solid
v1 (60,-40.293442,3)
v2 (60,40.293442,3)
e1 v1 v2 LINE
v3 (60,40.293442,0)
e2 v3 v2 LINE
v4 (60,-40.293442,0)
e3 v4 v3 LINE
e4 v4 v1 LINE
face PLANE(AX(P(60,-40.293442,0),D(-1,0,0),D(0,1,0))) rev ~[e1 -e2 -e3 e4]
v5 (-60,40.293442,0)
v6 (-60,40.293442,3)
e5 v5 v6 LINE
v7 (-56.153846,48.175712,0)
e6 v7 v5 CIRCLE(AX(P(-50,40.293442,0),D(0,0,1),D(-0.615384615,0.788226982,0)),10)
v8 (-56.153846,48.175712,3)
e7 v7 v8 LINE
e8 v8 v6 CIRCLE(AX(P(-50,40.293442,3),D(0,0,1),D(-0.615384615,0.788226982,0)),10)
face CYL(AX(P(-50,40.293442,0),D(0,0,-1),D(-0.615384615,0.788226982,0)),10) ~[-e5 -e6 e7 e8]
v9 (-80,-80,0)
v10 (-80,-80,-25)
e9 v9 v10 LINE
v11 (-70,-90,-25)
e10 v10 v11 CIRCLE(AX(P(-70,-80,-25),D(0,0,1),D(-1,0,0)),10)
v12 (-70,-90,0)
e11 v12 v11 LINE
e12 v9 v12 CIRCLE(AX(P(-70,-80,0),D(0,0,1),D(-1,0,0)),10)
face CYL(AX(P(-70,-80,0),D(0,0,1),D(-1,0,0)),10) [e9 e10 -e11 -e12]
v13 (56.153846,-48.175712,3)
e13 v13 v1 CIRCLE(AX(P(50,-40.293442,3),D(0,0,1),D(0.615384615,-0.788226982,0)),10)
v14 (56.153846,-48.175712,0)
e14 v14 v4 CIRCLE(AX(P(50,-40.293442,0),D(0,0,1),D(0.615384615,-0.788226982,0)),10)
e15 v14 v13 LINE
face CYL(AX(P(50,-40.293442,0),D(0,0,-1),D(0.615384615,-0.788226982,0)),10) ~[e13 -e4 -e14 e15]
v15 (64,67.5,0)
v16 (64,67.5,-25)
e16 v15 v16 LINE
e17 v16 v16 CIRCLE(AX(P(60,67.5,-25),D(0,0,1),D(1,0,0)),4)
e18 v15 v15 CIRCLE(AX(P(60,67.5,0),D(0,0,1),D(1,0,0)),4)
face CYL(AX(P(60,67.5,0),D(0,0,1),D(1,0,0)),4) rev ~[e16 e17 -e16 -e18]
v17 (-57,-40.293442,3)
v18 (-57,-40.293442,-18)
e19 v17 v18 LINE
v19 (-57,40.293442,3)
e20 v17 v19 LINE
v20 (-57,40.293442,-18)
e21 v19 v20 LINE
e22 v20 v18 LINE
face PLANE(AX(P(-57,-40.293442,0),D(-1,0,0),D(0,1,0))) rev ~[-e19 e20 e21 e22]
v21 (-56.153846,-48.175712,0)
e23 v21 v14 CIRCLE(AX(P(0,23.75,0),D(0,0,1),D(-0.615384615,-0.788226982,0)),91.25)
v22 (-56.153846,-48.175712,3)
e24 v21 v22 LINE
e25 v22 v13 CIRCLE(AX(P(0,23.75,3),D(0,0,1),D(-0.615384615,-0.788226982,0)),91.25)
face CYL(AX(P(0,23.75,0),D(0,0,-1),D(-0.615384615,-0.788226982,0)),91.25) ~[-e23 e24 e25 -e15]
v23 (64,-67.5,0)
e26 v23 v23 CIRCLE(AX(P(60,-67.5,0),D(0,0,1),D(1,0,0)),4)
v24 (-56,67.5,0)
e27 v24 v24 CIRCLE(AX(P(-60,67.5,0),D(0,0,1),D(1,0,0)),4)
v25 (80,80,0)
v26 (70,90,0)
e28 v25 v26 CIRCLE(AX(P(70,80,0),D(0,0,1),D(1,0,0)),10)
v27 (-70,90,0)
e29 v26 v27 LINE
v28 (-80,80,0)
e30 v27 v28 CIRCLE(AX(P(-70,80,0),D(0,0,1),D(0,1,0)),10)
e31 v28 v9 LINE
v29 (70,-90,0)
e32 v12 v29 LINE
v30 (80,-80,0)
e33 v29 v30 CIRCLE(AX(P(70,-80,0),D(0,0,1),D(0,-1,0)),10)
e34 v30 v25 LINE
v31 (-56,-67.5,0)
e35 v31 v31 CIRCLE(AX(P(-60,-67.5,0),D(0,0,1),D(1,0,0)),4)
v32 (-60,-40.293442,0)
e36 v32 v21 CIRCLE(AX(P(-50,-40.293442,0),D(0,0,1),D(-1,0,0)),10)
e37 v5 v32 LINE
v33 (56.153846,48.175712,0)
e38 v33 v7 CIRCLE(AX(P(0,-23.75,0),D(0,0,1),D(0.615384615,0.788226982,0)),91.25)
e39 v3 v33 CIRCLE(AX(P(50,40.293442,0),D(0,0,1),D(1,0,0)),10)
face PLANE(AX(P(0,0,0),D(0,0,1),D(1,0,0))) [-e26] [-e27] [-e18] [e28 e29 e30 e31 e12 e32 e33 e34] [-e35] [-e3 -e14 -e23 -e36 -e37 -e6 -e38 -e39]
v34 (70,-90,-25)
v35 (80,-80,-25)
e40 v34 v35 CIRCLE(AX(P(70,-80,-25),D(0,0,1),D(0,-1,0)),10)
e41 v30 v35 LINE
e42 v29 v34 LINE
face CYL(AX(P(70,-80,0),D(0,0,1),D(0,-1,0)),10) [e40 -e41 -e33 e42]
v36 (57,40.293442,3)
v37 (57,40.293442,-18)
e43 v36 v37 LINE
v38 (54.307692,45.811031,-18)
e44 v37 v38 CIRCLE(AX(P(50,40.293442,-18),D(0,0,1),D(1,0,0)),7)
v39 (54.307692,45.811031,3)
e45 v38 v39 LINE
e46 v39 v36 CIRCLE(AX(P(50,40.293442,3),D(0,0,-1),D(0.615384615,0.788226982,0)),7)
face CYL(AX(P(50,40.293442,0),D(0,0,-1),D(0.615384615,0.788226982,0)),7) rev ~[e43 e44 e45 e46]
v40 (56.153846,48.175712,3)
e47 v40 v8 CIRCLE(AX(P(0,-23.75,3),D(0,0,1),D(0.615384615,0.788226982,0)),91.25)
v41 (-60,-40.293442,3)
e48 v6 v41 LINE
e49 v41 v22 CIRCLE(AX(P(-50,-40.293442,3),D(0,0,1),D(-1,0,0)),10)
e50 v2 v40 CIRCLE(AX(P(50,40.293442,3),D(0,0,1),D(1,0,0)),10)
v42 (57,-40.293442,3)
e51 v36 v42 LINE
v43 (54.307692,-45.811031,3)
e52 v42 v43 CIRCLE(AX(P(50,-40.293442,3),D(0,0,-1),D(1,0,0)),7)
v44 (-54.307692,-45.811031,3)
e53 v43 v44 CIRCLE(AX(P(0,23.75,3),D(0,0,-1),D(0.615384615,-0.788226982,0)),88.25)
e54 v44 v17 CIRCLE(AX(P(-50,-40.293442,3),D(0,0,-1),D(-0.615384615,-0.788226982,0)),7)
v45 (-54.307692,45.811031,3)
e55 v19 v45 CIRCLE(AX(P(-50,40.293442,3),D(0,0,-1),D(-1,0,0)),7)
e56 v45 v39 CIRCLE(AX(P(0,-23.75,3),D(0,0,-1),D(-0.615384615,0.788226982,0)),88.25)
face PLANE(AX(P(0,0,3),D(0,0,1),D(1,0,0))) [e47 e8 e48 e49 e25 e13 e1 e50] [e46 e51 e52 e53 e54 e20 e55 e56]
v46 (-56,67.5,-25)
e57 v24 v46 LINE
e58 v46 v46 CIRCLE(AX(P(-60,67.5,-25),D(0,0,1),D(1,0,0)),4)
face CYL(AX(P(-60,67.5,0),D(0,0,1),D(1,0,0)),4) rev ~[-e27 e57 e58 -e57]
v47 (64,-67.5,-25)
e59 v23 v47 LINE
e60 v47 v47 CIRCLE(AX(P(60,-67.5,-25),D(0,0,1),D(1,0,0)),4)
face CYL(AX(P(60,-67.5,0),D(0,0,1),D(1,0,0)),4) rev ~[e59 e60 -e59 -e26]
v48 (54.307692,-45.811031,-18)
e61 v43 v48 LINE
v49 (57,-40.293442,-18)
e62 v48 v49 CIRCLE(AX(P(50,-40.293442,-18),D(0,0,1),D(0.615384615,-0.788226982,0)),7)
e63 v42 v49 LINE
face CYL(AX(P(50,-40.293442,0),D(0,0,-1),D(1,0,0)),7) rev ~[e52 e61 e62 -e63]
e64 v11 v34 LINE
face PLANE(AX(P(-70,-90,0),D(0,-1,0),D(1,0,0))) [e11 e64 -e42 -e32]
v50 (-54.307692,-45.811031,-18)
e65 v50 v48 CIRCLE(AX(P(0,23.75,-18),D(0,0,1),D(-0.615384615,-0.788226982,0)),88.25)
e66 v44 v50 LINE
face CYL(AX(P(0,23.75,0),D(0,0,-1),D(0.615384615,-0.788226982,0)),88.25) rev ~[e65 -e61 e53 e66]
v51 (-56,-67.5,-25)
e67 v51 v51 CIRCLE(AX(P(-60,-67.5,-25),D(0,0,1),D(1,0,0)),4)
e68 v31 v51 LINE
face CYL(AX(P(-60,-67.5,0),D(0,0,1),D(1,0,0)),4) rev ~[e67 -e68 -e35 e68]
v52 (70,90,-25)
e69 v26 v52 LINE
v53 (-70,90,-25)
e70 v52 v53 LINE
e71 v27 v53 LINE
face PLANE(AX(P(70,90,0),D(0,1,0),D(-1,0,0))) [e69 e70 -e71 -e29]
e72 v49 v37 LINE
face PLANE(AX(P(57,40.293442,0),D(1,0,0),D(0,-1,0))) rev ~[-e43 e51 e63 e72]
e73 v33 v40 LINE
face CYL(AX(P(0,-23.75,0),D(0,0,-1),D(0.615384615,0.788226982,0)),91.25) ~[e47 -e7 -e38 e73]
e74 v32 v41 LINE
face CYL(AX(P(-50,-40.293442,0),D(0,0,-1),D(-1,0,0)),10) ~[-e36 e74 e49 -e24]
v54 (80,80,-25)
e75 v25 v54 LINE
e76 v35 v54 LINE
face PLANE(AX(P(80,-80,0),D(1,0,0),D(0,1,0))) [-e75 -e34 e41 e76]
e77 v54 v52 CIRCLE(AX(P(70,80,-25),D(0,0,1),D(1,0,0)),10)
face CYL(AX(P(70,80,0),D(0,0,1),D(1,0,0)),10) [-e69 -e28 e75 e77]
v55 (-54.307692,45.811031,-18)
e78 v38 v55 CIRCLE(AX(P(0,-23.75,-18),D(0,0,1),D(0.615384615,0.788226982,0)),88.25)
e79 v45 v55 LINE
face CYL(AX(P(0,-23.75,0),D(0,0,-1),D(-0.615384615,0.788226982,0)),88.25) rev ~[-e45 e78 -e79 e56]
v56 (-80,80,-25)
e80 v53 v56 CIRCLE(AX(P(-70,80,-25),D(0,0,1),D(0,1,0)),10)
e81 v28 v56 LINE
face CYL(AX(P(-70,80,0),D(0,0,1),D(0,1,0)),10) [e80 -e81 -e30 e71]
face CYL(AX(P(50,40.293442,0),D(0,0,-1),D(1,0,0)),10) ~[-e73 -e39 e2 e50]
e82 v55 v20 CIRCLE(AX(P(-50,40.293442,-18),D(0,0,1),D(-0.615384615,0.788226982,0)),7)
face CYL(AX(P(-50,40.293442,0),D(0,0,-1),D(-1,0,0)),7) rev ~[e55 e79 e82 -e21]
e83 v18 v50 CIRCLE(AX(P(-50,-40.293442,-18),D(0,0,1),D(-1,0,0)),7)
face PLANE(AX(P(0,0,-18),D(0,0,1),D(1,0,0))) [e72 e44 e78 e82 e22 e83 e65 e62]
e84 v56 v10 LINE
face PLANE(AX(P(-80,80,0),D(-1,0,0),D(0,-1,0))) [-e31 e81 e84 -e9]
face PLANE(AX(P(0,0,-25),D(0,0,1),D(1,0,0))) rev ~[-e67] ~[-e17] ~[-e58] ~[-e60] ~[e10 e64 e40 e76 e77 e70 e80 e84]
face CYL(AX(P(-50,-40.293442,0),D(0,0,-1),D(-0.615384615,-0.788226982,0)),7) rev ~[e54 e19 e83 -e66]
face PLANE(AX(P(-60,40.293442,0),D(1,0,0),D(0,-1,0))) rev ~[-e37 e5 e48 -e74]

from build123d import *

# Parameters (mm, degrees)
F0_R     = 4
F1_DEPTH = 25
F2_DEPTH = 3
F3_DEPTH = 18


with BuildPart() as f1:
    # F0 (on Top) → F1 (new body)
    with BuildSketch(Plane.XY):
        with BuildLine():
            ThreePointArc((-80, -80), (-77.0710678119, -87.0710678119), (-70, -90))
            Line((-70, -90), (70, -90))
            ThreePointArc((70, -90), (77.0710678119, -87.0710678119), (80, -80))
            Line((80, -80), (80, 80))
            ThreePointArc((80, 80), (77.0710678119, 87.0710678119), (70, 90))
            Line((70, 90), (-70, 90))
            ThreePointArc((-70, 90), (-77.0710678119, 87.0710678119), (-80, 80))
            Line((-80, 80), (-80, -80))
        make_face()
        with Locations((-60, -67.5)):
            Circle(F0_R, mode=Mode.SUBTRACT)
        with Locations((60, -67.5)):
            Circle(F0_R, mode=Mode.SUBTRACT)
        with Locations((-60, 67.5)):
            Circle(F0_R, mode=Mode.SUBTRACT)
        with BuildLine():
            ThreePointArc((-64, 40.2934422872), (-62.5820384798, 46.4328484224), (-58.6153846154, 51.3286200352))
            ThreePointArc((-58.6153846154, 51.3286200352), (0, 71.5), (58.6153846154, 51.3286200352))
            ThreePointArc((58.6153846154, 51.3286200352), (62.5820384798, 46.4328484224), (64, 40.2934422872))
            Line((64, 40.2934422872), (64, -40.2934422872))
            ThreePointArc((64, -40.2934422872), (62.5820384798, -46.4328484224), (58.6153846154, -51.3286200352))
            ThreePointArc((58.6153846154, -51.3286200352), (0, -71.5), (-58.6153846154, -51.3286200352))
            ThreePointArc((-58.6153846154, -51.3286200352), (-62.5820384798, -46.4328484224), (-64, -40.2934422872))
            Line((-64, -40.2934422872), (-64, 40.2934422872))
        make_face(mode=Mode.SUBTRACT)
        with Locations((60, 67.5)):
            Circle(F0_R, mode=Mode.SUBTRACT)
        with BuildLine():
            ThreePointArc((58.6153846154, 51.3286200352), (0, 71.5), (-58.6153846154, 51.3286200352))
            ThreePointArc((-58.6153846154, 51.3286200352), (-62.5820384798, 46.4328484224), (-64, 40.2934422872))
            Line((-64, 40.2934422872), (-64, -40.2934422872))
            ThreePointArc((-64, -40.2934422872), (-62.5820384798, -46.4328484224), (-58.6153846154, -51.3286200352))
            ThreePointArc((-58.6153846154, -51.3286200352), (0, -71.5), (58.6153846154, -51.3286200352))
            ThreePointArc((58.6153846154, -51.3286200352), (62.5820384798, -46.4328484224), (64, -40.2934422872))
            Line((64, -40.2934422872), (64, 40.2934422872))
            ThreePointArc((64, 40.2934422872), (62.5820384798, 46.4328484224), (58.6153846154, 51.3286200352))
        make_face()
        with BuildLine():
            Line((-60, -40.2934422872), (-60, 40.2934422872))
            ThreePointArc((-60, 40.2934422872), (-58.9871703427, 44.6787323838), (-56.1538461538, 48.1757121072))
            ThreePointArc((-56.1538461538, 48.1757121072), (0, 67.5), (56.1538461538, 48.1757121072))
            ThreePointArc((56.1538461538, 48.1757121072), (58.9871703427, 44.6787323838), (60, 40.2934422872))
            Line((60, 40.2934422872), (60, -40.2934422872))
            ThreePointArc((60, -40.2934422872), (58.9871703427, -44.6787323838), (56.1538461538, -48.1757121072))
            ThreePointArc((56.1538461538, -48.1757121072), (0, -67.5), (-56.1538461538, -48.1757121072))
            ThreePointArc((-56.1538461538, -48.1757121072), (-58.9871703427, -44.6787323838), (-60, -40.2934422872))
        make_face(mode=Mode.SUBTRACT)
        with BuildLine():
            ThreePointArc((-56.1538461538, 48.1757121072), (-58.9871703427, 44.6787323838), (-60, 40.2934422872))
            Line((-60, 40.2934422872), (-60, -40.2934422872))
            ThreePointArc((-60, -40.2934422872), (-58.9871703427, -44.6787323838), (-56.1538461538, -48.1757121072))
            ThreePointArc((-56.1538461538, -48.1757121072), (0, -67.5), (56.1538461538, -48.1757121072))
            ThreePointArc((56.1538461538, -48.1757121072), (58.9871703427, -44.6787323838), (60, -40.2934422872))
            Line((60, -40.2934422872), (60, 40.2934422872))
            ThreePointArc((60, 40.2934422872), (58.9871703427, 44.6787323838), (56.1538461538, 48.1757121072))
            ThreePointArc((56.1538461538, 48.1757121072), (0, 67.5), (-56.1538461538, 48.1757121072))
        make_face()
        with BuildLine():
            ThreePointArc((54.3076923077, 45.8110311612), (56.2910192399, 43.3631453548), (57, 40.2934422872))
            Line((57, 40.2934422872), (57, -40.2934422872))
            ThreePointArc((57, -40.2934422872), (56.2910192399, -43.3631453548), (54.3076923077, -45.8110311612))
            ThreePointArc((54.3076923077, -45.8110311612), (0, -64.5), (-54.3076923077, -45.8110311612))
            ThreePointArc((-54.3076923077, -45.8110311612), (-56.2910192399, -43.3631453548), (-57, -40.2934422872))
            Line((-57, -40.2934422872), (-57, 40.2934422872))
            ThreePointArc((-57, 40.2934422872), (-56.2910192399, 43.3631453548), (-54.3076923077, 45.8110311612))
            ThreePointArc((-54.3076923077, 45.8110311612), (0, 64.5), (54.3076923077, 45.8110311612))
        make_face(mode=Mode.SUBTRACT)
        with BuildLine():
            Line((57, -40.2934422872), (57, 40.2934422872))
            ThreePointArc((57, 40.2934422872), (56.2910192399, 43.3631453548), (54.3076923077, 45.8110311612))
            ThreePointArc((54.3076923077, 45.8110311612), (0, 64.5), (-54.3076923077, 45.8110311612))
            ThreePointArc((-54.3076923077, 45.8110311612), (-56.2910192399, 43.3631453548), (-57, 40.2934422872))
            Line((-57, 40.2934422872), (-57, -40.2934422872))
            ThreePointArc((-57, -40.2934422872), (-56.2910192399, -43.3631453548), (-54.3076923077, -45.8110311612))
            ThreePointArc((-54.3076923077, -45.8110311612), (0, -64.5), (54.3076923077, -45.8110311612))
            ThreePointArc((54.3076923077, -45.8110311612), (56.2910192399, -43.3631453548), (57, -40.2934422872))
        make_face()
    extrude(amount=-F1_DEPTH)

    # F0 (on Top) → F2 (join)
    with BuildSketch(Plane.XY):
        with BuildLine():
            ThreePointArc((-56.1538461538, 48.1757121072), (-58.9871703427, 44.6787323838), (-60, 40.2934422872))
            Line((-60, 40.2934422872), (-60, -40.2934422872))
            ThreePointArc((-60, -40.2934422872), (-58.9871703427, -44.6787323838), (-56.1538461538, -48.1757121072))
            ThreePointArc((-56.1538461538, -48.1757121072), (0, -67.5), (56.1538461538, -48.1757121072))
            ThreePointArc((56.1538461538, -48.1757121072), (58.9871703427, -44.6787323838), (60, -40.2934422872))
            Line((60, -40.2934422872), (60, 40.2934422872))
            ThreePointArc((60, 40.2934422872), (58.9871703427, 44.6787323838), (56.1538461538, 48.1757121072))
            ThreePointArc((56.1538461538, 48.1757121072), (0, 67.5), (-56.1538461538, 48.1757121072))
        make_face()
        with BuildLine():
            ThreePointArc((54.3076923077, 45.8110311612), (56.2910192399, 43.3631453548), (57, 40.2934422872))
            Line((57, 40.2934422872), (57, -40.2934422872))
            ThreePointArc((57, -40.2934422872), (56.2910192399, -43.3631453548), (54.3076923077, -45.8110311612))
            ThreePointArc((54.3076923077, -45.8110311612), (0, -64.5), (-54.3076923077, -45.8110311612))
            ThreePointArc((-54.3076923077, -45.8110311612), (-56.2910192399, -43.3631453548), (-57, -40.2934422872))
            Line((-57, -40.2934422872), (-57, 40.2934422872))
            ThreePointArc((-57, 40.2934422872), (-56.2910192399, 43.3631453548), (-54.3076923077, 45.8110311612))
            ThreePointArc((-54.3076923077, 45.8110311612), (0, 64.5), (54.3076923077, 45.8110311612))
        make_face(mode=Mode.SUBTRACT)
    extrude(amount=F2_DEPTH)

    # F0 (on Top) → F3 (cut)
    with BuildSketch(Plane.XY):
        with BuildLine():
            Line((57, -40.2934422872), (57, 40.2934422872))
            ThreePointArc((57, 40.2934422872), (56.2910192399, 43.3631453548), (54.3076923077, 45.8110311612))
            ThreePointArc((54.3076923077, 45.8110311612), (0, 64.5), (-54.3076923077, 45.8110311612))
            ThreePointArc((-54.3076923077, 45.8110311612), (-56.2910192399, 43.3631453548), (-57, 40.2934422872))
            Line((-57, 40.2934422872), (-57, -40.2934422872))
            ThreePointArc((-57, -40.2934422872), (-56.2910192399, -43.3631453548), (-54.3076923077, -45.8110311612))
            ThreePointArc((-54.3076923077, -45.8110311612), (0, -64.5), (54.3076923077, -45.8110311612))
            ThreePointArc((54.3076923077, -45.8110311612), (56.2910192399, -43.3631453548), (57, -40.2934422872))
        make_face()
    extrude(amount=-F3_DEPTH, mode=Mode.SUBTRACT)


solid = f1.part
